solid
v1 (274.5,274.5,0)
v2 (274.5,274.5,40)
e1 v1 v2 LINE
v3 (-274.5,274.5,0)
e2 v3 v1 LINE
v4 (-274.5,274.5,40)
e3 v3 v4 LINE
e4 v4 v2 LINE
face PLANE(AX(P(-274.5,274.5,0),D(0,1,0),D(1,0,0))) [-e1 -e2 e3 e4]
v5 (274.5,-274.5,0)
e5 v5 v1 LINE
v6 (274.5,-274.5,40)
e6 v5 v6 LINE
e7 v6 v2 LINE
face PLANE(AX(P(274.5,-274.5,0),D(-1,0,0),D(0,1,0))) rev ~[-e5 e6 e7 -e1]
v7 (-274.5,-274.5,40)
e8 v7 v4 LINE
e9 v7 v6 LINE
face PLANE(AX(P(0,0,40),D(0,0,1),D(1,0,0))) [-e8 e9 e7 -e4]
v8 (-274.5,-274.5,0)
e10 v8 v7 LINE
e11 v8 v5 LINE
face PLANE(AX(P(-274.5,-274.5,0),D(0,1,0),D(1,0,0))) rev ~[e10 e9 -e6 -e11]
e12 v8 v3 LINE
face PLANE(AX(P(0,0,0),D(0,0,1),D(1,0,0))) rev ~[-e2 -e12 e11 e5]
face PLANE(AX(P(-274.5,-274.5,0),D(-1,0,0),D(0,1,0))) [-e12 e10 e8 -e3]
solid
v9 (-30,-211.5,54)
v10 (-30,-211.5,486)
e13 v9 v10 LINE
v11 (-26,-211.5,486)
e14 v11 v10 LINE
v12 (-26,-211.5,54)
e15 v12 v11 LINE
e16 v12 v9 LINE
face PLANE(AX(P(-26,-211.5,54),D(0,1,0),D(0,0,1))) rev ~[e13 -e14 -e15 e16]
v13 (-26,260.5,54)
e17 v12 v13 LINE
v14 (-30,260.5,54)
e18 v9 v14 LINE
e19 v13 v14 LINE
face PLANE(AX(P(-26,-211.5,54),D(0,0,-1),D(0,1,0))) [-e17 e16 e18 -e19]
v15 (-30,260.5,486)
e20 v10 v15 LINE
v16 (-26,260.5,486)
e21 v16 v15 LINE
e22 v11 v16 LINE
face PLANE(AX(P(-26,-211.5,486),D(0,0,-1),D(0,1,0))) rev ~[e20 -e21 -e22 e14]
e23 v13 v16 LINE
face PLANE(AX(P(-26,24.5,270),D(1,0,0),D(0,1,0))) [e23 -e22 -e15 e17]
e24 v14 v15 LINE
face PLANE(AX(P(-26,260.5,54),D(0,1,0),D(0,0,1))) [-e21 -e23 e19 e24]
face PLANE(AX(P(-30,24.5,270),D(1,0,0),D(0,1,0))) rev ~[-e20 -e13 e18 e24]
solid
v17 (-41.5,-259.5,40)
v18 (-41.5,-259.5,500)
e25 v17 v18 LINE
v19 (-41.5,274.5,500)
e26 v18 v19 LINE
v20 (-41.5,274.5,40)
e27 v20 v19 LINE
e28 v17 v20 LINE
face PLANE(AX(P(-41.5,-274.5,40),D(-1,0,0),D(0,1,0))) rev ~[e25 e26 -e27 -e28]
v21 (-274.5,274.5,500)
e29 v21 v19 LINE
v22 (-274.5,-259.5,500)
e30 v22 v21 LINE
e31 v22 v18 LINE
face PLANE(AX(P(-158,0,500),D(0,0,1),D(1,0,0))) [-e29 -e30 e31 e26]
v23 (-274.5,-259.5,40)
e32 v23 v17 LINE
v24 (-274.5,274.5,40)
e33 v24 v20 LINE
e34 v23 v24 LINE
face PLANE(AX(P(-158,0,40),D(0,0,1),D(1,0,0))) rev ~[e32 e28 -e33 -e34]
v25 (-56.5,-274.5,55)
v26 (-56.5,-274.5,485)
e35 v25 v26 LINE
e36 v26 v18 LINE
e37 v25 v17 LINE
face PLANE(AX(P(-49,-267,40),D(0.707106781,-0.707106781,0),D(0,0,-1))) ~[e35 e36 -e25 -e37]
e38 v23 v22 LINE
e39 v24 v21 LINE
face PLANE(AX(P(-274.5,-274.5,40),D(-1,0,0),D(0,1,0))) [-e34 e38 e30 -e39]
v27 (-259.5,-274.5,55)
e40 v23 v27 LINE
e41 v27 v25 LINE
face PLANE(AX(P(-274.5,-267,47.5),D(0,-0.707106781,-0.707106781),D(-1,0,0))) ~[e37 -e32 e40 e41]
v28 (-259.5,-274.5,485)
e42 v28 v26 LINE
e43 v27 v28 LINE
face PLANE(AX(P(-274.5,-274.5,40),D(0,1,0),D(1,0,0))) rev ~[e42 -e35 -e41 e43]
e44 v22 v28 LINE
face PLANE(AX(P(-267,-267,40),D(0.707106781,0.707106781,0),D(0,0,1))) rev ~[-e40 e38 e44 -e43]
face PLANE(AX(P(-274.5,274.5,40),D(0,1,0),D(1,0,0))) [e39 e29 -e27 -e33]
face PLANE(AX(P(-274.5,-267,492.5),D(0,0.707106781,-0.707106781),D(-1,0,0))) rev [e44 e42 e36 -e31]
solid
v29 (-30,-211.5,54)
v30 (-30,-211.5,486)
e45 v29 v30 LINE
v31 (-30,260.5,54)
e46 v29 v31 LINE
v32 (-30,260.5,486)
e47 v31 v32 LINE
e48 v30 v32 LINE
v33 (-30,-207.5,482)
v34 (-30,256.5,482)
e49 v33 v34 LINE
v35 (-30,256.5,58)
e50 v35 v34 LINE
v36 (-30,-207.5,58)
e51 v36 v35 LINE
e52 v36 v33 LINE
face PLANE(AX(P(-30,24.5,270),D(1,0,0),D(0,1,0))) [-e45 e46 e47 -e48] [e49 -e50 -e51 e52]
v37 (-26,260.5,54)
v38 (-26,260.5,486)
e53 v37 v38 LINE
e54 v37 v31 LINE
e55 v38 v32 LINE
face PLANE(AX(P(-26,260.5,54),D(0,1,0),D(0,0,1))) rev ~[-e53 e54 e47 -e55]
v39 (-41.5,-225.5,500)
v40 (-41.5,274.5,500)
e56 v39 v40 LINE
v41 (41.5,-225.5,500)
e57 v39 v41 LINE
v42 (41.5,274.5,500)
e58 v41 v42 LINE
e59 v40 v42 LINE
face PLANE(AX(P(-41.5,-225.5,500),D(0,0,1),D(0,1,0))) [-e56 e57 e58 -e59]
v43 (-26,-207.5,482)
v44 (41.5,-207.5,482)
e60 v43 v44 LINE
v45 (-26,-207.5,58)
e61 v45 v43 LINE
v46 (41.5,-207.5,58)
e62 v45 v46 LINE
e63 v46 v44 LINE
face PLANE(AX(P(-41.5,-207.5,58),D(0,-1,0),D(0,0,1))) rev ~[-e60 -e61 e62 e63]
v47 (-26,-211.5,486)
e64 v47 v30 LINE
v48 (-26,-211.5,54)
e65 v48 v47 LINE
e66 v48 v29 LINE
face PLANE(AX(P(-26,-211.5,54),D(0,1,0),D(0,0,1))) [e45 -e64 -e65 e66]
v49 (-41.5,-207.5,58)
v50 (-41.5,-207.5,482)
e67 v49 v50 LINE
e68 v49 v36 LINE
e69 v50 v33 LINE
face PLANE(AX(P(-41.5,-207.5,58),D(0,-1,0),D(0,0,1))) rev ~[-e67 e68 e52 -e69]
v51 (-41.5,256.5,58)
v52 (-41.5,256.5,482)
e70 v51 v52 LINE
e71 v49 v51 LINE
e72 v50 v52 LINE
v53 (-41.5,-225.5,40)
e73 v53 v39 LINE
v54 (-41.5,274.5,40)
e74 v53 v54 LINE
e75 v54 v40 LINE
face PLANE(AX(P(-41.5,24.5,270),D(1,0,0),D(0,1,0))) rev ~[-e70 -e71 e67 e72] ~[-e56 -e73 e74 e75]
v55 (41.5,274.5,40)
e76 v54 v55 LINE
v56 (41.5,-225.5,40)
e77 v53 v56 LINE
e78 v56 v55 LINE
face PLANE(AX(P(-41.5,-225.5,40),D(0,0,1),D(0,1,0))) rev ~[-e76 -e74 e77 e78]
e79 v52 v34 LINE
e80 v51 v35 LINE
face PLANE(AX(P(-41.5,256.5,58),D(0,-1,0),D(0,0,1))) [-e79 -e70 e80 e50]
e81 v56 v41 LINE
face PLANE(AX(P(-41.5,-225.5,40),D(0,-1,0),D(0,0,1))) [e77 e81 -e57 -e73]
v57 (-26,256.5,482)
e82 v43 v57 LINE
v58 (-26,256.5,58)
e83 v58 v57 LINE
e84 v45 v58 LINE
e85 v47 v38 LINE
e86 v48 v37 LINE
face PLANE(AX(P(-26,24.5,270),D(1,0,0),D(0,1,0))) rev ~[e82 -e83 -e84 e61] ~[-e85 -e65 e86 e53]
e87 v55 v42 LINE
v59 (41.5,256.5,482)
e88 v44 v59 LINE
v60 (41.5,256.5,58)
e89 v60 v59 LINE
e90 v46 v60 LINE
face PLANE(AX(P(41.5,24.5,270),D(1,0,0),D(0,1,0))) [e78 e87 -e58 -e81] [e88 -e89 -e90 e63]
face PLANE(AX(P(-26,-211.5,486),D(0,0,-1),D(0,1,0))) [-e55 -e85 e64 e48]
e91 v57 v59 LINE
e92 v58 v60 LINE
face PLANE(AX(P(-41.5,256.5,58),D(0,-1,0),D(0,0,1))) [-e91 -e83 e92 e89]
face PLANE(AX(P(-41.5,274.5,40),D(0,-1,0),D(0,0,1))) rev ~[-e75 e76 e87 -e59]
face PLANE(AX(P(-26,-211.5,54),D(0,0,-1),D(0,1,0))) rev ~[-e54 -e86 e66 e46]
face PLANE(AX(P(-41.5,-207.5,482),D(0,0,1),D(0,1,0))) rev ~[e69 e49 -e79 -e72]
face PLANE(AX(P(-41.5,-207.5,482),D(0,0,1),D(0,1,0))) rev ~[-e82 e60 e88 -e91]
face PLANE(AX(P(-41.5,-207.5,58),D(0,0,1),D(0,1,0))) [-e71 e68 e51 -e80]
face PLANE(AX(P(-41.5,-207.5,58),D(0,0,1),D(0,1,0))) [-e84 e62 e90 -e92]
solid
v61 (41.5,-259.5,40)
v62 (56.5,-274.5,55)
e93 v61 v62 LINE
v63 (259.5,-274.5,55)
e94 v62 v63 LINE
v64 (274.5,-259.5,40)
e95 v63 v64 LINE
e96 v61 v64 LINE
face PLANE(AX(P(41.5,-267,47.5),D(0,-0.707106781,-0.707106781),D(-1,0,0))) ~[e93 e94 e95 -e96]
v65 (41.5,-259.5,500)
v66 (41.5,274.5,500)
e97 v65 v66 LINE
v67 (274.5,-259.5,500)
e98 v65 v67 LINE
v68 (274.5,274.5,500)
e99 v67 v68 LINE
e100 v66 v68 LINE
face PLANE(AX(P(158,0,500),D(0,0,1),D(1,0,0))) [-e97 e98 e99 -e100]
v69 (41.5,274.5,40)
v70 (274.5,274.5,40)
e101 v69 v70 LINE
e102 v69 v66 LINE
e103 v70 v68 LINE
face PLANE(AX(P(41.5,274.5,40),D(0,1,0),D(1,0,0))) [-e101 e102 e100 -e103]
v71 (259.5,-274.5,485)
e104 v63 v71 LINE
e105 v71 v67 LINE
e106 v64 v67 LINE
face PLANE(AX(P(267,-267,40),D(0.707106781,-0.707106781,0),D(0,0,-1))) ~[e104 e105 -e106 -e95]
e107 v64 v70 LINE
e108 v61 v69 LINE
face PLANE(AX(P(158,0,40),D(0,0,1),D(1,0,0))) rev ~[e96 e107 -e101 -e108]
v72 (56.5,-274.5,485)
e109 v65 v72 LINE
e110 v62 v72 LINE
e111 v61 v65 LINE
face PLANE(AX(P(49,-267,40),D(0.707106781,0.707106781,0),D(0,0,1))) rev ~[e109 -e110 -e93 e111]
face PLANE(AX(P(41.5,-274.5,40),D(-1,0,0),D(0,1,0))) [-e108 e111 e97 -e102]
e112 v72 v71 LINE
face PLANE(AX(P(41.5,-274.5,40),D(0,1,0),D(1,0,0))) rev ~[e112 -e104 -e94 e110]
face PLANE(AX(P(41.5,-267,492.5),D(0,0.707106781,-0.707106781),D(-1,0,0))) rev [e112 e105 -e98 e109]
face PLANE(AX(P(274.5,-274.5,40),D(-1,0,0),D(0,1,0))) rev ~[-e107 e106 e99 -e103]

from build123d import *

# Parameters (mm, degrees)
F0_W     = 549
F0_H     = 549
F1_DEPTH = 40
F2_W     = 233
F2_H     = 549
F3_DEPTH = 460
F4_SIZE  = 15
F5_W     = 500
F5_H     = 460
F5_W_2   = 464
F5_H_2   = 424
F6_DEPTH = 83
F8_START = -26
F7_W     = 472
F7_H     = 432
F8_DEPTH = 4


with BuildPart() as f1:
    # F0 (on Top) → F1 (new body)
    with BuildSketch(Plane.XY):
        Rectangle(F0_W, F0_H)
    extrude(amount=F1_DEPTH)


with BuildPart() as f3:
    # F2 (on face) → F3 (new body)
    with BuildSketch(Plane.XY.offset(40)):
        with Locations((-158, 0)):
            Rectangle(F2_W, F2_H)
        with Locations((158, 0)):
            Rectangle(F2_W, F2_H)
    extrude(amount=F3_DEPTH)

    # F4
    f4_edges = [f3.edges().sort_by_distance(p)[0] for p in [
        (41.5, -274.5, 270),
        (274.5, -274.5, 270),
        (158, -274.5, 40),
        (158, -274.5, 500),
        (-274.5, -274.5, 270),
        (-41.5, -274.5, 270),
        (-158, -274.5, 40),
        (-158, -274.5, 500),
    ]]
    chamfer(f4_edges, length=F4_SIZE)


with BuildPart() as f6:
    # F5 (on face) → F6 (new body)
    with BuildSketch(Plane.YZ.offset(-41.5)):
        with Locations((24.5, 270)):
            Rectangle(F5_W, F5_H)
        with Locations((24.5, 270)):
            Rectangle(F5_W_2, F5_H_2, mode=Mode.SUBTRACT)
    extrude(amount=F6_DEPTH)


with BuildPart() as f8:
    # F7 (on Right) → F8 (new body)
    with BuildSketch(Plane.YZ.offset(F8_START)):
        with Locations((24.5, 270)):
            Rectangle(F7_W, F7_H)
    extrude(amount=-F8_DEPTH)


with BuildPart() as f6_1:
    add(f6.part)

    # F9: cut F8
    add(f8.part, mode=Mode.SUBTRACT)


solid = Compound([f1.part, f3.part, f8.part, f6_1.part])
